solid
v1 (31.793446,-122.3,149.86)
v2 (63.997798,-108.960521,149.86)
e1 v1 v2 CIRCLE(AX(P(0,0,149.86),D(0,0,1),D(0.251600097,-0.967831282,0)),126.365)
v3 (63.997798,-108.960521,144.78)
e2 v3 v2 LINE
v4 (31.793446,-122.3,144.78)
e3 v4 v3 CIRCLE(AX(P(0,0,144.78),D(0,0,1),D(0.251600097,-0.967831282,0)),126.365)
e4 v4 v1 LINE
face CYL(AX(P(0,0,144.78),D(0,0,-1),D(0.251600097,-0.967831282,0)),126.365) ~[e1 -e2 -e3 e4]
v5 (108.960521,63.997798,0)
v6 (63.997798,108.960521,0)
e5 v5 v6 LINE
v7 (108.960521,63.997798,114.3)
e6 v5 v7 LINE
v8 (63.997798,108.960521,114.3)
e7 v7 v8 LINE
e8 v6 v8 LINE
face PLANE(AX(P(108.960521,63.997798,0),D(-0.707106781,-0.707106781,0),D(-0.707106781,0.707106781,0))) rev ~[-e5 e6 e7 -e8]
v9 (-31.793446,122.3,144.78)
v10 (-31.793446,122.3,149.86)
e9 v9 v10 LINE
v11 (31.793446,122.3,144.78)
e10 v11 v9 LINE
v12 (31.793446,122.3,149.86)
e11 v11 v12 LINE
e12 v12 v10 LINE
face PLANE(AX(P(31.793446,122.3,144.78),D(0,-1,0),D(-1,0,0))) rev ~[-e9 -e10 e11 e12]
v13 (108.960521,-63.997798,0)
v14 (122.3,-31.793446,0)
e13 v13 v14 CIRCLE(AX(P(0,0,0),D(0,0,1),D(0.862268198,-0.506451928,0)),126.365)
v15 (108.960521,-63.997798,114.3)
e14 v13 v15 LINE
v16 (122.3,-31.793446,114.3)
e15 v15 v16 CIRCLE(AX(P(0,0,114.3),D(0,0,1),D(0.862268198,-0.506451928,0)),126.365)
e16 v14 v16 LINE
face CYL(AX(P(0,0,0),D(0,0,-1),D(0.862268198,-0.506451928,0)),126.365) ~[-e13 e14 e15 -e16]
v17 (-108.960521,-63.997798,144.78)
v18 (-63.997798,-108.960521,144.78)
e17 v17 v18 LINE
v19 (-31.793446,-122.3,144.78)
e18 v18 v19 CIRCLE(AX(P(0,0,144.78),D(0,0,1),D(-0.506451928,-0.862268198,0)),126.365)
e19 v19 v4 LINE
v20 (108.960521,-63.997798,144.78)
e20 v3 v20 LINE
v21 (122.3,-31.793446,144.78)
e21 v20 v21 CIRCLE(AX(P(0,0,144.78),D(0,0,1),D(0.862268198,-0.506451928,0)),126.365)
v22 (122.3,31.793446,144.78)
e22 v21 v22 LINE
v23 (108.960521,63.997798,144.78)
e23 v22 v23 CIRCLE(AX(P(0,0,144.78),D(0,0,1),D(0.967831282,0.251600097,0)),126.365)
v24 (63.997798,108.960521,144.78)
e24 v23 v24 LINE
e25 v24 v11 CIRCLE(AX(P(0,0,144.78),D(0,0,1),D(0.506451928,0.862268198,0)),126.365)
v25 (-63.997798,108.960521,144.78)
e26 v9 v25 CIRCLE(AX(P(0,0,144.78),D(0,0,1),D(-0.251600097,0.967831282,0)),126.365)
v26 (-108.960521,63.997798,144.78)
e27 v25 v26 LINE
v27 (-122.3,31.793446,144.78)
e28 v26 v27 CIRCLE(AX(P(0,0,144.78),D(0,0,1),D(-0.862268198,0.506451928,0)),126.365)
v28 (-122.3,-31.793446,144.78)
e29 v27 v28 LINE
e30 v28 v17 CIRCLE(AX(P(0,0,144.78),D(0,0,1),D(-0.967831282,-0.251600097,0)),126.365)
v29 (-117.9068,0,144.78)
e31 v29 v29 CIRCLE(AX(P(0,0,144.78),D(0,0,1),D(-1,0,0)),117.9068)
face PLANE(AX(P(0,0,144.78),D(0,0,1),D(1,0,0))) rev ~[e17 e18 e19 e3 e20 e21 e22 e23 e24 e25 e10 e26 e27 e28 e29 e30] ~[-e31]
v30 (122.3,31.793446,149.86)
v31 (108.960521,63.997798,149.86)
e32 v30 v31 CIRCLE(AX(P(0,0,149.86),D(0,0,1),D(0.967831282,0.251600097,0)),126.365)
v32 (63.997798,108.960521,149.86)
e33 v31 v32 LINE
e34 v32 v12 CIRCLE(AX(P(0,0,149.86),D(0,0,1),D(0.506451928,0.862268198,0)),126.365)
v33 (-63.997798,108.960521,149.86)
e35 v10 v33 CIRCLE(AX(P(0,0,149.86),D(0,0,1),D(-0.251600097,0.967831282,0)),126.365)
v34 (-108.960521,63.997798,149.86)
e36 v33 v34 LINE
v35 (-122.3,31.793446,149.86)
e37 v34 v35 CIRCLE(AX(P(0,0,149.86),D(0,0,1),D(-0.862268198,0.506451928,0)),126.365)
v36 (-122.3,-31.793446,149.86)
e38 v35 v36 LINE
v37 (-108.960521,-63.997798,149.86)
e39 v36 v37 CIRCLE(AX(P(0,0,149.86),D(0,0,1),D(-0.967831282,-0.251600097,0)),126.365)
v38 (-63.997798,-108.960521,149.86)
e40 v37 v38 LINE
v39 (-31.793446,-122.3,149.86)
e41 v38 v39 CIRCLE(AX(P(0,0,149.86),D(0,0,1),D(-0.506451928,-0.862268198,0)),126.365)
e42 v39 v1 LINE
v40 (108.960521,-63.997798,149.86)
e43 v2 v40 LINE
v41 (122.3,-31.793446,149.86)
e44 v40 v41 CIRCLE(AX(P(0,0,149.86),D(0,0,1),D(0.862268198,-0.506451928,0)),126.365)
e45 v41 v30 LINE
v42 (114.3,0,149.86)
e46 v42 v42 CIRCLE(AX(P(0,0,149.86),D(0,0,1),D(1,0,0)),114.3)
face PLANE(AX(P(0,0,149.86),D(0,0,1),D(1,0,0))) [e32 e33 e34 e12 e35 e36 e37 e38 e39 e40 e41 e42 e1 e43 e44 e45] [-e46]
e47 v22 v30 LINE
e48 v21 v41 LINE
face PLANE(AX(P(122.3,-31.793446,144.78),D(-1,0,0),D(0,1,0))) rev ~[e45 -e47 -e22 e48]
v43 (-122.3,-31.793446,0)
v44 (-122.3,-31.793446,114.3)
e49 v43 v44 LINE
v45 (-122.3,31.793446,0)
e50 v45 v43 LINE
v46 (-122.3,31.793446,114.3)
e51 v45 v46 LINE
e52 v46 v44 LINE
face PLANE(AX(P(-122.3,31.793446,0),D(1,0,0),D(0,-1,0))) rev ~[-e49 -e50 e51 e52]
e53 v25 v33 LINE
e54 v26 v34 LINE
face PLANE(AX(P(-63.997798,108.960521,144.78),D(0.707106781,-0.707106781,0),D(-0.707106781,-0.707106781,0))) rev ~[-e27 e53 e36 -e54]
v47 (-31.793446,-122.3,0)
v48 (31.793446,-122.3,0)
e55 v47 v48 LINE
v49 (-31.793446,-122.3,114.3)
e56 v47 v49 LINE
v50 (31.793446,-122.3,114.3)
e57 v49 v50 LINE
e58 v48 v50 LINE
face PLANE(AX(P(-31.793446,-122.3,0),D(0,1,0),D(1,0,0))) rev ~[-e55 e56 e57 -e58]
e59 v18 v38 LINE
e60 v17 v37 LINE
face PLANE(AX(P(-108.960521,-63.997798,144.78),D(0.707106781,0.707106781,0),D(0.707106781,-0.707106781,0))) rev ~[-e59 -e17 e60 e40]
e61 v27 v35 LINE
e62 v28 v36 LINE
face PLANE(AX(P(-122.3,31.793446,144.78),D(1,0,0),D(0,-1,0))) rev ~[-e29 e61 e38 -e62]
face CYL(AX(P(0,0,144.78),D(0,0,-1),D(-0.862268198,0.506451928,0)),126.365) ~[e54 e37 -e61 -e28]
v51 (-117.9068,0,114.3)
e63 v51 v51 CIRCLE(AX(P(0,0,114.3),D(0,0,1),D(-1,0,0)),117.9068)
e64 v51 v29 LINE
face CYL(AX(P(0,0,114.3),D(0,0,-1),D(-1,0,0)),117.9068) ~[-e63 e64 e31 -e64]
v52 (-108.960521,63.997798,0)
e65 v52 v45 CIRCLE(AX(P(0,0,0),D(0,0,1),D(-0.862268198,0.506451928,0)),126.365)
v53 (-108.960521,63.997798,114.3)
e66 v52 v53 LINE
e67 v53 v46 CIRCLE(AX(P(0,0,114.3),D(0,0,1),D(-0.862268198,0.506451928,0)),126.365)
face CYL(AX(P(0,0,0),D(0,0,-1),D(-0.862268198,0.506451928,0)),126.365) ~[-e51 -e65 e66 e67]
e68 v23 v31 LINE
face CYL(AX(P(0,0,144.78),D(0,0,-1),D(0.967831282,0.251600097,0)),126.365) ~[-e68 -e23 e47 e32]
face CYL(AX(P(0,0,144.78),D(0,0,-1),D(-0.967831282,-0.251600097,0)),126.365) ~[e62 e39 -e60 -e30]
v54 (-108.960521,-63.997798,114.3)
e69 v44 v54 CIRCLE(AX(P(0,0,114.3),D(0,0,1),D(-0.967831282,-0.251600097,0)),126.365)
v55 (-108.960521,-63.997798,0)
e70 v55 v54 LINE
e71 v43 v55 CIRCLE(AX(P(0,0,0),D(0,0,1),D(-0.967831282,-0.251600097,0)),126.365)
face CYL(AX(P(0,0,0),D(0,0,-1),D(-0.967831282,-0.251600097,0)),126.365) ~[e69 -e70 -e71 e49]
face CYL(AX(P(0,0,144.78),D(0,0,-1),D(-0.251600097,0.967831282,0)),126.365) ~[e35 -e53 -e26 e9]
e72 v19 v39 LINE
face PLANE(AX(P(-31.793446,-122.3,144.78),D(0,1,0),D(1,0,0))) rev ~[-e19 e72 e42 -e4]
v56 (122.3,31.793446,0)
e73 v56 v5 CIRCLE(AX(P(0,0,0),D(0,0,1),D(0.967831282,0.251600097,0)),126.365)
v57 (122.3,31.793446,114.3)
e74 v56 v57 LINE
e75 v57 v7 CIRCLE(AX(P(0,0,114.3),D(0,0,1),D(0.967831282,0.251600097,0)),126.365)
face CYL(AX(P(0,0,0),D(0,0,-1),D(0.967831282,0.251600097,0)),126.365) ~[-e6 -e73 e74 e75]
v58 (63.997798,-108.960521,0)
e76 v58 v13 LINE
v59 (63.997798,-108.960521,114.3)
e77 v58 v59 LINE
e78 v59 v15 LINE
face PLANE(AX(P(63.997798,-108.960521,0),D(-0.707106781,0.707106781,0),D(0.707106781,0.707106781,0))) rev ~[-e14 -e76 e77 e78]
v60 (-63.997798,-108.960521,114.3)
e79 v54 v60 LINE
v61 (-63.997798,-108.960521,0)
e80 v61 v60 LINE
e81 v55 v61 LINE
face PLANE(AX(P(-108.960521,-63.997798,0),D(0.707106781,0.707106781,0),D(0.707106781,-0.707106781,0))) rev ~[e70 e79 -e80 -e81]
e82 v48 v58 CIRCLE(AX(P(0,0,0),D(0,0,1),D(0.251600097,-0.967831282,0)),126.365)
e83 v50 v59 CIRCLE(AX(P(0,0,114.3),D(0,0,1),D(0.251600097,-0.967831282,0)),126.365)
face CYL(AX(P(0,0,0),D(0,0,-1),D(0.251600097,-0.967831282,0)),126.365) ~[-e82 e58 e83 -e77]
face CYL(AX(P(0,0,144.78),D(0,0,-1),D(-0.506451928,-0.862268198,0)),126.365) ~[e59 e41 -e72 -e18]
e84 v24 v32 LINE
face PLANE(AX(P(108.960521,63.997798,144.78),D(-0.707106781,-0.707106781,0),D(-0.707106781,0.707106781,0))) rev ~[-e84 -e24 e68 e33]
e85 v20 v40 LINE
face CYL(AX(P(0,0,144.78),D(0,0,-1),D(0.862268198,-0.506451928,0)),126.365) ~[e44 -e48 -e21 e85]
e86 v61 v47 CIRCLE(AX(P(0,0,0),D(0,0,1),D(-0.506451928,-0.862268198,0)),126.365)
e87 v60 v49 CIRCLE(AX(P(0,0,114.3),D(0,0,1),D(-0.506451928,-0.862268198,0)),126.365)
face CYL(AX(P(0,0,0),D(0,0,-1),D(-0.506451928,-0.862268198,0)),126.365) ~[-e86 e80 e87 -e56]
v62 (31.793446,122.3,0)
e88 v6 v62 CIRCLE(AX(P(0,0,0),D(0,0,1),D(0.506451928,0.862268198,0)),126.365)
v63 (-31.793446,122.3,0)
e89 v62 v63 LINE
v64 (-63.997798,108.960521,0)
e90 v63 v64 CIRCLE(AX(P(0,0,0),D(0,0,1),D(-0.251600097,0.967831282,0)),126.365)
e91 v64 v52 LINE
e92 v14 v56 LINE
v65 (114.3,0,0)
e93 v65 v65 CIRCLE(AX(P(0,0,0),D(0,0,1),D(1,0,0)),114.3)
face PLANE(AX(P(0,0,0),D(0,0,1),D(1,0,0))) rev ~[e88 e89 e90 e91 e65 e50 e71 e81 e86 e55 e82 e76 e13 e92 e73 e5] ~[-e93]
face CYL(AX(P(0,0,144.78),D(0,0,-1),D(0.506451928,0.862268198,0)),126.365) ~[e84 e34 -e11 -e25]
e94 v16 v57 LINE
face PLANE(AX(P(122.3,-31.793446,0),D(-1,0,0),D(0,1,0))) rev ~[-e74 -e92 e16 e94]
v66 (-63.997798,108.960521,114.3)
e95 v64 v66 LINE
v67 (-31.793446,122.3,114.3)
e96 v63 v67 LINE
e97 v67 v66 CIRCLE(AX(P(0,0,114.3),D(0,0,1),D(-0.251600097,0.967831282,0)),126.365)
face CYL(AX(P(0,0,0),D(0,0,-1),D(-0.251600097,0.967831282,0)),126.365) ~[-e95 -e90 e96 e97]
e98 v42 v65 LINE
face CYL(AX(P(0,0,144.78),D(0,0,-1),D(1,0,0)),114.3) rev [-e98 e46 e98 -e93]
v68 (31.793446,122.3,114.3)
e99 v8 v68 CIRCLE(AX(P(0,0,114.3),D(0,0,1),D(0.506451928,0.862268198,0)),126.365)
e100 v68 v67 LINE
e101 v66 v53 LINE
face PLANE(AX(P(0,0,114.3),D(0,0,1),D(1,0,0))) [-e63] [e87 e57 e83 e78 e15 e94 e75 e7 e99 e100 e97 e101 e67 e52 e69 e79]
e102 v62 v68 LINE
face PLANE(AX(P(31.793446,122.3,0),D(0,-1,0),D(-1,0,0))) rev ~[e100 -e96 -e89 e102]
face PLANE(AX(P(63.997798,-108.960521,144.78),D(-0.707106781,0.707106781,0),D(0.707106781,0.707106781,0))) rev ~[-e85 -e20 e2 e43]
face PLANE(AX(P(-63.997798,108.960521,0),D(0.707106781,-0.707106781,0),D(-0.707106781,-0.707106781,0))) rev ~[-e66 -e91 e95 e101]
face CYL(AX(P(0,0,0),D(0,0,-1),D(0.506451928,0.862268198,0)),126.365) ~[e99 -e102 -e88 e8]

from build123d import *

# Parameters (mm, degrees)
SKETCH1_R           = 114.3
BOSS_EXTRUDE1_DEPTH = 114.3
SKETCH2_R           = 117.9068
SKETCH2_R_2         = 114.3
BOSS_EXTRUDE2_DEPTH = 30.48
SKETCH3_R           = 114.3
BOSS_EXTRUDE3_DEPTH = 5.08


with BuildPart() as part:
    # Sketch1 → Boss-Extrude1 (new body)
    with BuildSketch(Plane.XY):
        with BuildLine():
            ThreePointArc((-31.793446259, 122.3), (-48.357791931, 116.746037126), (-63.997797892, 108.960520786))
            Line((-63.997797892, 108.960520786), (-108.960520786, 63.997797892))
            ThreePointArc((-108.960520786, 63.997797892), (-116.746037126, 48.357791931), (-122.3, 31.793446259))
            Line((-122.3, 31.793446259), (-122.3, -31.793446259))
            ThreePointArc((-122.3, -31.793446259), (-116.746037126, -48.357791931), (-108.960520786, -63.997797892))
            Line((-108.960520786, -63.997797892), (-63.997797892, -108.960520786))
            ThreePointArc((-63.997797892, -108.960520786), (-48.357791931, -116.746037126), (-31.793446259, -122.3))
            Line((-31.793446259, -122.3), (31.793446259, -122.3))
            ThreePointArc((31.793446259, -122.3), (48.357791931, -116.746037126), (63.997797892, -108.960520786))
            Line((63.997797892, -108.960520786), (108.960520786, -63.997797892))
            ThreePointArc((108.960520786, -63.997797892), (116.746037126, -48.357791931), (122.3, -31.793446259))
            Line((122.3, -31.793446259), (122.3, 31.793446259))
            ThreePointArc((122.3, 31.793446259), (116.746037126, 48.357791931), (108.960520786, 63.997797892))
            Line((108.960520786, 63.997797892), (63.997797892, 108.960520786))
            ThreePointArc((63.997797892, 108.960520786), (48.357791931, 116.746037126), (31.793446259, 122.3))
            Line((31.793446259, 122.3), (-31.793446259, 122.3))
        make_face()
        Circle(SKETCH1_R, mode=Mode.SUBTRACT)
    extrude(amount=BOSS_EXTRUDE1_DEPTH)

    # Sketch2 → Boss-Extrude2 (add)
    with BuildSketch(Plane.XY.offset(114.3)):
        with Locations(Location((0, 0, 0), (0, 0, 180))):
            Circle(SKETCH2_R)
        Circle(SKETCH2_R_2, mode=Mode.SUBTRACT)
    extrude(amount=BOSS_EXTRUDE2_DEPTH)

    # Sketch3 → Boss-Extrude3 (add)
    with BuildSketch(Plane.XY.offset(144.78)):
        with BuildLine():
            Line((122.3, -31.793446259), (122.3, 31.793446259))
            ThreePointArc((122.3, 31.793446259), (116.746037126, 48.357791931), (108.960520786, 63.997797892))
            Line((108.960520786, 63.997797892), (63.997797892, 108.960520786))
            ThreePointArc((63.997797892, 108.960520786), (48.357791931, 116.746037126), (31.793446259, 122.3))
            Line((31.793446259, 122.3), (-31.793446259, 122.3))
            ThreePointArc((-31.793446259, 122.3), (-48.357791931, 116.746037126), (-63.997797892, 108.960520786))
            Line((-63.997797892, 108.960520786), (-108.960520786, 63.997797892))
            ThreePointArc((-108.960520786, 63.997797892), (-116.746037126, 48.357791931), (-122.3, 31.793446259))
            Line((-122.3, 31.793446259), (-122.3, -31.793446259))
            ThreePointArc((-122.3, -31.793446259), (-116.746037126, -48.357791931), (-108.960520786, -63.997797892))
            Line((-108.960520786, -63.997797892), (-63.997797892, -108.960520786))
            ThreePointArc((-63.997797892, -108.960520786), (-48.357791931, -116.746037126), (-31.793446259, -122.3))
            Line((-31.793446259, -122.3), (31.793446259, -122.3))
            ThreePointArc((31.793446259, -122.3), (48.357791931, -116.746037126), (63.997797892, -108.960520786))
            Line((63.997797892, -108.960520786), (108.960520786, -63.997797892))
            ThreePointArc((108.960520786, -63.997797892), (116.746037126, -48.357791931), (122.3, -31.793446259))
        make_face()
        Circle(SKETCH3_R, mode=Mode.SUBTRACT)
    extrude(amount=BOSS_EXTRUDE3_DEPTH)


solid = part.part
